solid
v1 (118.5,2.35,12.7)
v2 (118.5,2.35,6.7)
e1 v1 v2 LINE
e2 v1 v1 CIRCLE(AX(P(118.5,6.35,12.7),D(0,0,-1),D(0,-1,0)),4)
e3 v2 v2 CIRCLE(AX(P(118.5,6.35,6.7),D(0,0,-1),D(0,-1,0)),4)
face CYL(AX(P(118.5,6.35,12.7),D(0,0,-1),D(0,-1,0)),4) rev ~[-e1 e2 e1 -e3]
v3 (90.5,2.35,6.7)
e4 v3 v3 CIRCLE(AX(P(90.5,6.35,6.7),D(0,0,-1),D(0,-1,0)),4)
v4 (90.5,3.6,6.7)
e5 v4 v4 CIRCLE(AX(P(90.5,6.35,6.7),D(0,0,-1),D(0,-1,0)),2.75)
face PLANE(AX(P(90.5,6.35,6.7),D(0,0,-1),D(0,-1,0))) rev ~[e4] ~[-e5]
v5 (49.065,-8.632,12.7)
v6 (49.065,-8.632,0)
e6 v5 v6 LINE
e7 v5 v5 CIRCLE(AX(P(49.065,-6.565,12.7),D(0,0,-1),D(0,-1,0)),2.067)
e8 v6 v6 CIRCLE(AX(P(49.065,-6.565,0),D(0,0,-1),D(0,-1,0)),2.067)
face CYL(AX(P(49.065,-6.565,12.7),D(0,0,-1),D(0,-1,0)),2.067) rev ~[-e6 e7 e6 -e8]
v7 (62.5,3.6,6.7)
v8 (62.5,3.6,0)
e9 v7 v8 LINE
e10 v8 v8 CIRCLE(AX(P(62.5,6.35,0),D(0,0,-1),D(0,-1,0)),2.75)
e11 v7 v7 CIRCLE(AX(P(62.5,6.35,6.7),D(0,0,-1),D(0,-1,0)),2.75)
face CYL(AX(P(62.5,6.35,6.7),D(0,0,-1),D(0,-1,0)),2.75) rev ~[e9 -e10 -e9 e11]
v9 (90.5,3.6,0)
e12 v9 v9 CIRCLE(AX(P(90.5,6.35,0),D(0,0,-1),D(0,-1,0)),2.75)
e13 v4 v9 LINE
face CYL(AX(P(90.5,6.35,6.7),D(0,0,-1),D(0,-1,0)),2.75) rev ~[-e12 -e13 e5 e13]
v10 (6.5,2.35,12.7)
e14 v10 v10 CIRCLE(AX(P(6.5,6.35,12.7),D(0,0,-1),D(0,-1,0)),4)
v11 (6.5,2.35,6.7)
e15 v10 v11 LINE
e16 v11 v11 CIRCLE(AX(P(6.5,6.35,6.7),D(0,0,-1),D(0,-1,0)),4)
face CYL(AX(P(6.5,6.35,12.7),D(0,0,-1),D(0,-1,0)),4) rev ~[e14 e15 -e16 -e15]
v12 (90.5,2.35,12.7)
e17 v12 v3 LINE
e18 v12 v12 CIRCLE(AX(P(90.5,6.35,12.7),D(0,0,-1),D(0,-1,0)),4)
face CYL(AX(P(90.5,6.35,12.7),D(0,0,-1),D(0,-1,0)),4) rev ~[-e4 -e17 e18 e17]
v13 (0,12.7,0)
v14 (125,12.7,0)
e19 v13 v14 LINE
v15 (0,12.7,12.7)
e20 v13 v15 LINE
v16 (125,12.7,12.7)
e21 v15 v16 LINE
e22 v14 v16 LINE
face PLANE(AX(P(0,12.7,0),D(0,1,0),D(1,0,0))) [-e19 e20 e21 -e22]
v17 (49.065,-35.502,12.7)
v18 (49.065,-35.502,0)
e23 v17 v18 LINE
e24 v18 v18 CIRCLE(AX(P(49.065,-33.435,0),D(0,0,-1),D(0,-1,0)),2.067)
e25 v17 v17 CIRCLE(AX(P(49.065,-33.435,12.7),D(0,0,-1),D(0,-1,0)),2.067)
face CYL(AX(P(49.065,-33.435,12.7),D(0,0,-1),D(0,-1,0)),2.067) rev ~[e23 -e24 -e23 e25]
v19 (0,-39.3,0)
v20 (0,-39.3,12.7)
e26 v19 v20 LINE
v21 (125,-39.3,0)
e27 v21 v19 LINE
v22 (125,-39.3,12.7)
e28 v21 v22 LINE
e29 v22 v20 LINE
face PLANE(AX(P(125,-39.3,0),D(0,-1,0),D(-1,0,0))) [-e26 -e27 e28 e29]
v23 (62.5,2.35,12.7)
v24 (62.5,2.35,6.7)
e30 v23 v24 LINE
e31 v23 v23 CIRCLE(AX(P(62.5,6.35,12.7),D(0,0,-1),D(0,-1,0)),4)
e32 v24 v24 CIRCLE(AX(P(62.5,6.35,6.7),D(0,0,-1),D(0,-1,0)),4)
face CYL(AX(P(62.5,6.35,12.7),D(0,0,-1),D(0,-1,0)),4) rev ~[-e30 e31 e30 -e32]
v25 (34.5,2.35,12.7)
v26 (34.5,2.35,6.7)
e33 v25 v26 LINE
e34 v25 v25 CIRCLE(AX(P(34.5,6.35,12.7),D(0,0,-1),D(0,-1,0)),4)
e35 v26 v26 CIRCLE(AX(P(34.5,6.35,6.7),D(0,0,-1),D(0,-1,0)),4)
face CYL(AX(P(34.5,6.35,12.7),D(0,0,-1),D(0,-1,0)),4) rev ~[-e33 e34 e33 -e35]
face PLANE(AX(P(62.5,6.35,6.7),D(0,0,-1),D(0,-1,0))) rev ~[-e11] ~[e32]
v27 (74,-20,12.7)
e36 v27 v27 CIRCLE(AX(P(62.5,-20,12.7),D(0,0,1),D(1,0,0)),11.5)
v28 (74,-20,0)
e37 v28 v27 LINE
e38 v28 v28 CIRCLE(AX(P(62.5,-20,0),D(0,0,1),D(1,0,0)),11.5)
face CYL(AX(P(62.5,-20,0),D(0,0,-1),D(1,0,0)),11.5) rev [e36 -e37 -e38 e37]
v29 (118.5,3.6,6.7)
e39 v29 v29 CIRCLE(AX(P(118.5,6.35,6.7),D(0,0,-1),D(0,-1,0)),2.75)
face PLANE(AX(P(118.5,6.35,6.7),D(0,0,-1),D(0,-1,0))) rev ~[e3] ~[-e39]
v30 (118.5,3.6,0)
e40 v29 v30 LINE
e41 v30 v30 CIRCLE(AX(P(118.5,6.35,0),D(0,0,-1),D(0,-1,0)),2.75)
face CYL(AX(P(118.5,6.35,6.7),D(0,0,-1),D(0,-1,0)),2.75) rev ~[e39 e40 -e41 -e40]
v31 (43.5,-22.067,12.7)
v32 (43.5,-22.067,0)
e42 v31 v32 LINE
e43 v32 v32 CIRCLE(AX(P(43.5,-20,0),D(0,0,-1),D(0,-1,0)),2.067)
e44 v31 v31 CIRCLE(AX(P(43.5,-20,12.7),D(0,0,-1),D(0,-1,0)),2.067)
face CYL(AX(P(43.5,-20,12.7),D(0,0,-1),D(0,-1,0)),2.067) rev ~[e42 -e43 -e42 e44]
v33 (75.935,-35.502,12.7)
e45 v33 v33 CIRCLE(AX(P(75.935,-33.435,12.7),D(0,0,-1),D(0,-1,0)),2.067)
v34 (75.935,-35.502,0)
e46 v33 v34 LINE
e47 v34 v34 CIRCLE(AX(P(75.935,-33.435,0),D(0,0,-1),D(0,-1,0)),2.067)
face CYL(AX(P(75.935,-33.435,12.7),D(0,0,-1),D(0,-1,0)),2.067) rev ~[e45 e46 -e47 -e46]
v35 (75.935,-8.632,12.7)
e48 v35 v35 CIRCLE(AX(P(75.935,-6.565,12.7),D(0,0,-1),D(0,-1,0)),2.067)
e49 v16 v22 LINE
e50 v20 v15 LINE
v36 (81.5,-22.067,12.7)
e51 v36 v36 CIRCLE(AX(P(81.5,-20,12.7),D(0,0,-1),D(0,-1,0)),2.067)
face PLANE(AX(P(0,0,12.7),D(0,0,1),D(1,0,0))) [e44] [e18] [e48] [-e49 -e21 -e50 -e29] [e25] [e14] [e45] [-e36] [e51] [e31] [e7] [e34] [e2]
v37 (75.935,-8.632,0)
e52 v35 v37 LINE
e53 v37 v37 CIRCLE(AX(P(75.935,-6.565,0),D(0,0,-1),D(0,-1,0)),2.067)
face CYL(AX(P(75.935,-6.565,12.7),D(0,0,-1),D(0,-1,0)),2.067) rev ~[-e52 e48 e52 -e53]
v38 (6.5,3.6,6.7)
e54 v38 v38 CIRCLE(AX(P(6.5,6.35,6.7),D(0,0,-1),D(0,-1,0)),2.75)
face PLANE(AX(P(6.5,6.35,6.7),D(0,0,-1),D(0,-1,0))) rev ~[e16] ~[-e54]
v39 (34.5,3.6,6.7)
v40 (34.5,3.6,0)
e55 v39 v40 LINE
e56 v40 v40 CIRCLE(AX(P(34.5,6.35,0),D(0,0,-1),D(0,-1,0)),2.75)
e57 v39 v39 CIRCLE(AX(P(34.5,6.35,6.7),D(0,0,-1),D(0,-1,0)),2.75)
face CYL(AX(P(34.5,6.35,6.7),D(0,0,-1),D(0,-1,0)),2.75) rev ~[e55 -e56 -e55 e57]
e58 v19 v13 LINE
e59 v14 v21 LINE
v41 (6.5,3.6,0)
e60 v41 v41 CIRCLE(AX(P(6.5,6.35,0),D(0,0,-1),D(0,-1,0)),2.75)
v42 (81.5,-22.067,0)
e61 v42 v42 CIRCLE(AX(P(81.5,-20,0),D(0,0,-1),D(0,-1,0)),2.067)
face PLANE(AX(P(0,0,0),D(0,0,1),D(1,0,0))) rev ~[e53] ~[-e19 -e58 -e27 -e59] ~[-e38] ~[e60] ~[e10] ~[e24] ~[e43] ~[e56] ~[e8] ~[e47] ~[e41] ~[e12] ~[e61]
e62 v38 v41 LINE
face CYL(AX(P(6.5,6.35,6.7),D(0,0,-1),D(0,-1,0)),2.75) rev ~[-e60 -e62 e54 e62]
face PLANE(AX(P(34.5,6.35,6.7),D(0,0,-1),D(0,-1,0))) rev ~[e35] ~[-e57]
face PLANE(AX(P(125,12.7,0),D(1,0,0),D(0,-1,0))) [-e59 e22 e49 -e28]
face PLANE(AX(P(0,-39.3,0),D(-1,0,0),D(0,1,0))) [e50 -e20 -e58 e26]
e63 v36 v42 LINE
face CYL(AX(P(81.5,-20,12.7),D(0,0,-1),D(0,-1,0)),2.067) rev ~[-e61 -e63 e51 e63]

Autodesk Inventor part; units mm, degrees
ref_plane "YZ Plane" through (0, 0, 0) normal (1, 0, 0) x (0, 1, 0)
ref_plane "XZ Plane" through (0, 0, 0) normal (0, 1, 0) x (-1, 0, 0)
ref_plane "XY Plane" through (0, 0, 0) normal (0, 0, 1) x (1, 0, 0)
sketch "Esboço1" plane through (0, 0, 0) normal (0, 0, 1) x (1, 0, 0)
  line L0 (0, 12.7) -> (125, 12.7)
  line L1 (125, 12.7) -> (125, -39.3)
  line L2 (125, -39.3) -> (0, -39.3)
  line L3 (0, -39.3) -> (0, 12.7)
  circle A0 centre (62.5, -20) radius 11.5
  dimension "d0" = 52
  dimension "d1" = 23
  dimension "d2" = 125
extrude "Extrusão1" add sketch "Esboço1" along normal blind 12.7
sketch "Esboço3" plane through (0, 0, 12.7) normal (0, 0, 1) x (1, 0, 0)
  circle A0 centre (75.935, -33.435) radius 2.75 construction
  circle A1 centre (49.065, -33.435) radius 2.75 construction
  circle A2 centre (81.5, -20) radius 2.75 construction
  circle A3 centre (43.5, -20) radius 2.75 construction
  circle A4 centre (49.065, -6.565) radius 2.75 construction
  circle A5 centre (75.935, -6.565) radius 2.75 construction
  point P0 (0, 0)
hole "Furo2" at (75.935, -33.435, 12.7) at (49.065, -33.435, 12.7) at (81.5, -20, 12.7) at (43.5, -20, 12.7) at (49.065, -6.565, 12.7) at (75.935, -6.565, 12.7) direction (0, 0, -1) diameter 4.134 end through all thread size "M5x0.8" class "6H" standard "ANSI Metric M Profile"
sketch "Esboço5" plane through (0, 0, 12.7) normal (0, 0, 1) x (1, 0, 0)
  circle A0 centre (6.5, 6.35) radius 2.067
  circle A1 centre (34.5, 6.35) radius 2.067
  circle A2 centre (62.5, 6.35) radius 2.067
  circle A3 centre (90.5, 6.35) radius 2.067
  circle A4 centre (118.5, 6.35) radius 2.067
  point P0 (0, 0)
hole "Furo3" at (6.5, 6.35, 12.7) at (34.5, 6.35, 12.7) at (62.5, 6.35, 12.7) at (90.5, 6.35, 12.7) at (118.5, 6.35, 12.7) direction (0, 0, -1) diameter 5.5 end through all counterbore diameter 8 counterbore depth 6
properties part number "CHAPA_APOIO_CASTANHA_EIXO_Z"
